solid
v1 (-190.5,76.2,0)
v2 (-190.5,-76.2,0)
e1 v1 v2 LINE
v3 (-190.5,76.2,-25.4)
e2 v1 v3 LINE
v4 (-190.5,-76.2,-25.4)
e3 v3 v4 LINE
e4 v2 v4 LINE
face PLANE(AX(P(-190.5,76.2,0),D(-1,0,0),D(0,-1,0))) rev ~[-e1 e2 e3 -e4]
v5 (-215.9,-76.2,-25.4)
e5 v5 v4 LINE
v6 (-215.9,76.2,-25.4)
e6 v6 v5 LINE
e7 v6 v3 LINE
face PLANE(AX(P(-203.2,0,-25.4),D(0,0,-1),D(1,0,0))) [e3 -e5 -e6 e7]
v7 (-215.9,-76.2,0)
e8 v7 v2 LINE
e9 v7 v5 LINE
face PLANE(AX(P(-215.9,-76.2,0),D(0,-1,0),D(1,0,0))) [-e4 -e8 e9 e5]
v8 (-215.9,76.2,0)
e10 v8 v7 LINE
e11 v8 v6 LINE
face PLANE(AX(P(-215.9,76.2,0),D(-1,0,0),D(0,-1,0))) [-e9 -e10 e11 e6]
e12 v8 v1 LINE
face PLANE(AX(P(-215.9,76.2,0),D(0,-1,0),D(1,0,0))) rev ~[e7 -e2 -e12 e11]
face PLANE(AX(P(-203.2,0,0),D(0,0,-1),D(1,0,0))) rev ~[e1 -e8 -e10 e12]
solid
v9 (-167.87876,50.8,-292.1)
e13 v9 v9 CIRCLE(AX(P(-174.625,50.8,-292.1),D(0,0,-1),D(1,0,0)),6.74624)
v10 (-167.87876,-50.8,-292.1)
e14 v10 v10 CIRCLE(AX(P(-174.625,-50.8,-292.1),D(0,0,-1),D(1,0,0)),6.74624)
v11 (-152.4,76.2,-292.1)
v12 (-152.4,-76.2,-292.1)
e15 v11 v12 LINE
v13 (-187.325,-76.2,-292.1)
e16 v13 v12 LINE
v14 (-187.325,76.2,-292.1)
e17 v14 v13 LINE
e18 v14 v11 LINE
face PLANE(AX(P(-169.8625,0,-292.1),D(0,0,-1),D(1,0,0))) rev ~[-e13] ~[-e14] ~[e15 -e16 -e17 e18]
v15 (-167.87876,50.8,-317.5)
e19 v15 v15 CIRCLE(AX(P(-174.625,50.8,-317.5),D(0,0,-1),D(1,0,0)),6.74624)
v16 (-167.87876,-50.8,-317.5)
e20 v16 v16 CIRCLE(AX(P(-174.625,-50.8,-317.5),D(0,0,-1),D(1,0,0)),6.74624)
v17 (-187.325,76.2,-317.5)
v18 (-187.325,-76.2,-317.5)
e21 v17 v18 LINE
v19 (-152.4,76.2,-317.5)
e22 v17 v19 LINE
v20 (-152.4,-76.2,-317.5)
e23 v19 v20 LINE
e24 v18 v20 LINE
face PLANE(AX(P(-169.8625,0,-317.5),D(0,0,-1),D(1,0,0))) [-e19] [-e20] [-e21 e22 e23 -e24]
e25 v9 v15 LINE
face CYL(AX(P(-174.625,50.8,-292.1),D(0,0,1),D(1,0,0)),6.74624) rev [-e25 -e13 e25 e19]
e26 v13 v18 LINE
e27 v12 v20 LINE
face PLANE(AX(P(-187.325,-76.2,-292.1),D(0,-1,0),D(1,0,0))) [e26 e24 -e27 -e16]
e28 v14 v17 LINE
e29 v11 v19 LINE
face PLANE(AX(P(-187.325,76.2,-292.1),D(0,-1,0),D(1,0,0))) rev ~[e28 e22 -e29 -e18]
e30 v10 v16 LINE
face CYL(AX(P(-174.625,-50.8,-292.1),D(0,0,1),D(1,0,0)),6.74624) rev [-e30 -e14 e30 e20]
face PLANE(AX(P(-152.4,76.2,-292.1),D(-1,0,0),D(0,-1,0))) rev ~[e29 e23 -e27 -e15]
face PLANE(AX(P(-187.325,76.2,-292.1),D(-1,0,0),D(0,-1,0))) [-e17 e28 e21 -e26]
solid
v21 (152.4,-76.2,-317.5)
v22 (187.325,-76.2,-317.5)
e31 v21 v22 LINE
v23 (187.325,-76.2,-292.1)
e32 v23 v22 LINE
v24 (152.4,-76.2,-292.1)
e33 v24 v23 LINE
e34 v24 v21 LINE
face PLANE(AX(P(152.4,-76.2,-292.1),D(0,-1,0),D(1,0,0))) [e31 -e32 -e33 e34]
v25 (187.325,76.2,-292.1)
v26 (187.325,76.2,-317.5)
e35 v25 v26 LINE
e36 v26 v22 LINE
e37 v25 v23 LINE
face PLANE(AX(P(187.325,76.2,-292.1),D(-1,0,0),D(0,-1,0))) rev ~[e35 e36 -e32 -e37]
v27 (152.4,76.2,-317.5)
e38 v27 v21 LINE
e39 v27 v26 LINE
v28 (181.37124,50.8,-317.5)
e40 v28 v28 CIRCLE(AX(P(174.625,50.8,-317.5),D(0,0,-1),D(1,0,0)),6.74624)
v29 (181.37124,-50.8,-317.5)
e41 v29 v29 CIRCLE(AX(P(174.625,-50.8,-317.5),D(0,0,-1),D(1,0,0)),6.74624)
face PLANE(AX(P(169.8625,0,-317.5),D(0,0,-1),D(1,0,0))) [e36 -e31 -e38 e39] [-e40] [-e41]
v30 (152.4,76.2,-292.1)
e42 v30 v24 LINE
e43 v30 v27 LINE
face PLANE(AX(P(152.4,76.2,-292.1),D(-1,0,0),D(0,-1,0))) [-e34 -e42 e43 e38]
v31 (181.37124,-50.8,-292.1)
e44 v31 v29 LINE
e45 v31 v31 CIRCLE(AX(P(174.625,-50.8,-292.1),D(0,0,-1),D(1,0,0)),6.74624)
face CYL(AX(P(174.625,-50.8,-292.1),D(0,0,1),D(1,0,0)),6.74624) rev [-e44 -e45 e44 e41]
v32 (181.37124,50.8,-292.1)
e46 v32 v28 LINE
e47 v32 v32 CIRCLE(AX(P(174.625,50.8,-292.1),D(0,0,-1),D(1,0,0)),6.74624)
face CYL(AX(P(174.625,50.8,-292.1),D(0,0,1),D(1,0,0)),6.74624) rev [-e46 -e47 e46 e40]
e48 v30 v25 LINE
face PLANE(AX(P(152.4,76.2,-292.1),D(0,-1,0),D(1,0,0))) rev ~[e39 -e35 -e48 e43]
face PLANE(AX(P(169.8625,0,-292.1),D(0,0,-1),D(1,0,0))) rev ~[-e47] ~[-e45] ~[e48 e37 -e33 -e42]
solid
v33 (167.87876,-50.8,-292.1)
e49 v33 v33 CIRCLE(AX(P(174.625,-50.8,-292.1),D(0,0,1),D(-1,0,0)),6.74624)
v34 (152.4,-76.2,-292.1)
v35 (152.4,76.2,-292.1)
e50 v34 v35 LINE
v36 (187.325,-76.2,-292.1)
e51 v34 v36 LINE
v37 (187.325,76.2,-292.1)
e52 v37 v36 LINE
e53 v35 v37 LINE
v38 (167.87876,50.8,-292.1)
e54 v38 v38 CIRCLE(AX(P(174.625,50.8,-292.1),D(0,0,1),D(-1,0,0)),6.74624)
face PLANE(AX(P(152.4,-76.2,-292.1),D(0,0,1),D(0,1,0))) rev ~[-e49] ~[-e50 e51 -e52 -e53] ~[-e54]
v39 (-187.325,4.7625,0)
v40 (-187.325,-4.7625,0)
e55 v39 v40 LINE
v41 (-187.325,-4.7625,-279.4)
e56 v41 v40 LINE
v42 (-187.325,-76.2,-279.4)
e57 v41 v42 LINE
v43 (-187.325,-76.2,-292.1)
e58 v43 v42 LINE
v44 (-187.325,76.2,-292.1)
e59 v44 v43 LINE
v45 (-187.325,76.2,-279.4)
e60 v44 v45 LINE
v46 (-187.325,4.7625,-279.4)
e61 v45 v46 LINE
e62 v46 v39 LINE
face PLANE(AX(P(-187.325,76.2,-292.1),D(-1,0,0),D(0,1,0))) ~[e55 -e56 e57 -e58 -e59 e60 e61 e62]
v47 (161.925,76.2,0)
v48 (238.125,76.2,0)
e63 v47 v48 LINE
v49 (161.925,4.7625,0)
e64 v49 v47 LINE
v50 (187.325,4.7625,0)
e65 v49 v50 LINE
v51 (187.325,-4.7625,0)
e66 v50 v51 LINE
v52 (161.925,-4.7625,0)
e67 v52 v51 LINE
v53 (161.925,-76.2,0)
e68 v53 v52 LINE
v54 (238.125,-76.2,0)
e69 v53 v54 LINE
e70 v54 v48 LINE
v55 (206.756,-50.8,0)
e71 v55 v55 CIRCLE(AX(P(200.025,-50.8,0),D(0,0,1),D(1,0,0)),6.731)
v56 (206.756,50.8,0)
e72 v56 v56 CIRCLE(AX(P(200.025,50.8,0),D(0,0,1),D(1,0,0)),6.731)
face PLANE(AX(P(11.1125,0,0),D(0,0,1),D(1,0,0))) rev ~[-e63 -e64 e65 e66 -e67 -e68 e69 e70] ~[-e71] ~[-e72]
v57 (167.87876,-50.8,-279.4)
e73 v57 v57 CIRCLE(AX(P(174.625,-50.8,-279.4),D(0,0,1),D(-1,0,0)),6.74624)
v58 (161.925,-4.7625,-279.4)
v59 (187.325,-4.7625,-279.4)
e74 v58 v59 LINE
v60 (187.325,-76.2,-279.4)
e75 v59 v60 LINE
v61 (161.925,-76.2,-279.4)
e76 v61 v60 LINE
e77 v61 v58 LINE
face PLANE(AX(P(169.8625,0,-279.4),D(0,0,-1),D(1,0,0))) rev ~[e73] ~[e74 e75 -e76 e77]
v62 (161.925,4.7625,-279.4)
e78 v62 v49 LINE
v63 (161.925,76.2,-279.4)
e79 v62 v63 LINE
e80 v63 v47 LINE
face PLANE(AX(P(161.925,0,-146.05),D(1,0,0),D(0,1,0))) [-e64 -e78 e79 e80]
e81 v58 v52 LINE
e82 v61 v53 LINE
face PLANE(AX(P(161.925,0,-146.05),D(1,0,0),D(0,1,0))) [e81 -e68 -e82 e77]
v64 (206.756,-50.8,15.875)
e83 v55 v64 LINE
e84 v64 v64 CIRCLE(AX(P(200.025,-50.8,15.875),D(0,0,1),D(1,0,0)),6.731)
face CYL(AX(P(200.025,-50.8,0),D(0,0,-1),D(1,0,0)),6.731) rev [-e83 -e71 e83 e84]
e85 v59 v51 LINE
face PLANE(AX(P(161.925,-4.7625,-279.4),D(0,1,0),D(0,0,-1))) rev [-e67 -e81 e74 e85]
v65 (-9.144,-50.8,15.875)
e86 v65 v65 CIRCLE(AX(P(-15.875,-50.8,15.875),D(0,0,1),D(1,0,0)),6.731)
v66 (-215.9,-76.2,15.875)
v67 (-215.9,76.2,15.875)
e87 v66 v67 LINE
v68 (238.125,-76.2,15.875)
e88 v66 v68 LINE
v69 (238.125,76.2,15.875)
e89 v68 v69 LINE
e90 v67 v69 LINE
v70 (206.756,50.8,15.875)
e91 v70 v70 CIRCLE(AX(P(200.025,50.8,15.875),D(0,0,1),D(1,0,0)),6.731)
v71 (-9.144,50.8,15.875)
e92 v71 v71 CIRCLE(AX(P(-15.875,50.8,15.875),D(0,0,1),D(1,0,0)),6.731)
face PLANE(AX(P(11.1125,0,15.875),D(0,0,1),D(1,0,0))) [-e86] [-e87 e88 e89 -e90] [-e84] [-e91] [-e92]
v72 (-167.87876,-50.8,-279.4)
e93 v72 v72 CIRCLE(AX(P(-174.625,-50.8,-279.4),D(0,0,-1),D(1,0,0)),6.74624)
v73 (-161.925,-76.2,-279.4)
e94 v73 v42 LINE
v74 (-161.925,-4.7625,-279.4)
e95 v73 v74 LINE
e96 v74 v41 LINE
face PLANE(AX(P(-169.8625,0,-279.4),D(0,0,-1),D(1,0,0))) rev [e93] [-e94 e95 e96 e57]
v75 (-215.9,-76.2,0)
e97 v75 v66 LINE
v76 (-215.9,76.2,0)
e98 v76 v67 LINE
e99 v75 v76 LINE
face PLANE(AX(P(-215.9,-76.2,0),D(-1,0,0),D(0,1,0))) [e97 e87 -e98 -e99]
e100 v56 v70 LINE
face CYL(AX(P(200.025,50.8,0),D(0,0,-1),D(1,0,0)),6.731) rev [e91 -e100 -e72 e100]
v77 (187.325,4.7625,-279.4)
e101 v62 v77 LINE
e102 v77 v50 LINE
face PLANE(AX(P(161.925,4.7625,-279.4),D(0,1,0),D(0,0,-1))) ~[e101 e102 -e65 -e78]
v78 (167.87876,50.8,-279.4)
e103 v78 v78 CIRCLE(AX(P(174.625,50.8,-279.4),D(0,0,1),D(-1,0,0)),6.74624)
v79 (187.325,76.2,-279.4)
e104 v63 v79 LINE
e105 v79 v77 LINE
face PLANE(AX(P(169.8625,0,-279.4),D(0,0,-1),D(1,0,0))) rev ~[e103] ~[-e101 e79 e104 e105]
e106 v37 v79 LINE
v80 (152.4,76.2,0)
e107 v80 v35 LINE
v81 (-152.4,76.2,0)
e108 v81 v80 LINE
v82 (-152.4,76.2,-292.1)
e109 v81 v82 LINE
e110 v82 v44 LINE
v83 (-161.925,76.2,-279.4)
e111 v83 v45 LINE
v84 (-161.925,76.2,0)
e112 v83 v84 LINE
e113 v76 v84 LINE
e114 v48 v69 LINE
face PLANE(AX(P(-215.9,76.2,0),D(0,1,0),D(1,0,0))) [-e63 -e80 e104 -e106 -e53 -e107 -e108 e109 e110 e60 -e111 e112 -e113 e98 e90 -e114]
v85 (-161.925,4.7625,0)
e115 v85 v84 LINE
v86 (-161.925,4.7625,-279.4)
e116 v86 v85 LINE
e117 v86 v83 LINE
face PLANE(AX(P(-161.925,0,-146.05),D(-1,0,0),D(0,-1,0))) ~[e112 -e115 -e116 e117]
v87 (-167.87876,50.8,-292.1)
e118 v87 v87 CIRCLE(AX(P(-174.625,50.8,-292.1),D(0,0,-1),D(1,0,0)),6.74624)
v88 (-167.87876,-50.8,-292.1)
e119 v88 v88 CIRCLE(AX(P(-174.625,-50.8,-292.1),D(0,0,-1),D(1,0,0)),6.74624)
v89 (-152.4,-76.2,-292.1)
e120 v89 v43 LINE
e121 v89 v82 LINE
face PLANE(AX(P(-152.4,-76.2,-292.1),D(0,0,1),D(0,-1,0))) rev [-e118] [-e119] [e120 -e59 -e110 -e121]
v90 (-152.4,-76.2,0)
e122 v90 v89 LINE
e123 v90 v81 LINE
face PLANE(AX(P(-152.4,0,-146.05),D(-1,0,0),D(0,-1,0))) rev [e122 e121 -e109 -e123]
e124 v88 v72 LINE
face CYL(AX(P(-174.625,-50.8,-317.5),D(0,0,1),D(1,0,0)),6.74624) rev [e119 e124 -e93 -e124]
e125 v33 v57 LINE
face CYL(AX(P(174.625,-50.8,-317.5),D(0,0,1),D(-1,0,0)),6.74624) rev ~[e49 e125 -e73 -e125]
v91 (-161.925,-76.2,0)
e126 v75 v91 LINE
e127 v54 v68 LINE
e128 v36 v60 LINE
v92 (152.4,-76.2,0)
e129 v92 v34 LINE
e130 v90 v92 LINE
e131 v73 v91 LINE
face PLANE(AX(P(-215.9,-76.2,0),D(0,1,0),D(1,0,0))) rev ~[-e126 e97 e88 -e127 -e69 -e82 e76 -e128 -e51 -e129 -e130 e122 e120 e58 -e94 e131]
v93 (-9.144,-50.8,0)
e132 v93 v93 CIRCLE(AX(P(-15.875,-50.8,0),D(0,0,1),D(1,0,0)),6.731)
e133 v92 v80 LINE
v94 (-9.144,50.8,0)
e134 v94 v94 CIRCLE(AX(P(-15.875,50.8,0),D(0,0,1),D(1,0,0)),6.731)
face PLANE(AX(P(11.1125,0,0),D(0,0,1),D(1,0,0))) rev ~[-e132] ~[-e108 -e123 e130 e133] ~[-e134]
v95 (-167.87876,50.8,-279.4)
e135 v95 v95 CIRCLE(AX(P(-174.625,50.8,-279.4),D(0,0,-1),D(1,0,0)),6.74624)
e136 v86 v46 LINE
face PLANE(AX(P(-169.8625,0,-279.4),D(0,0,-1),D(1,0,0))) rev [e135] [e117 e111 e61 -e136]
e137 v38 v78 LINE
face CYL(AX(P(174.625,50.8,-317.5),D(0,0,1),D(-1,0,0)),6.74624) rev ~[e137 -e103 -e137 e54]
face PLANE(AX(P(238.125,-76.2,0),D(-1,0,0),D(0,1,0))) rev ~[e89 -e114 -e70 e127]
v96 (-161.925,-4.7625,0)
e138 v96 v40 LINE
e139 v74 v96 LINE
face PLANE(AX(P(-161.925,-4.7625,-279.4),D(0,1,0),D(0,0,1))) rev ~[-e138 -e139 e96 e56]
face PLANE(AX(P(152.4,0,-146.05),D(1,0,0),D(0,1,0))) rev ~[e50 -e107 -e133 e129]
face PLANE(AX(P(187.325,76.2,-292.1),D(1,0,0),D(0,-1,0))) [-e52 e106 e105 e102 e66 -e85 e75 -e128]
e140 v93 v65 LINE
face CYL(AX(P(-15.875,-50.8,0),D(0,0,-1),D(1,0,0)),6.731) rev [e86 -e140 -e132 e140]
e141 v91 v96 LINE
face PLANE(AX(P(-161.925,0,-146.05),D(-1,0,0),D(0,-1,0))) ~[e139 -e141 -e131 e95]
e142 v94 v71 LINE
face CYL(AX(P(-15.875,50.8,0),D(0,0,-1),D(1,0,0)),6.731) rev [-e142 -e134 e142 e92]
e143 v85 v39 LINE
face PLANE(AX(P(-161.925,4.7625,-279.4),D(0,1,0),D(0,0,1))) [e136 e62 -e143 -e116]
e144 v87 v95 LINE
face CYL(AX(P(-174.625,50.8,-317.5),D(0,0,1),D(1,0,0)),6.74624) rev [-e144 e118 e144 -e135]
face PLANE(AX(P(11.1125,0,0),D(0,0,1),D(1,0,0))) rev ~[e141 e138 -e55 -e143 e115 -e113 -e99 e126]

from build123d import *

# Parameters (mm, degrees)
F0_W      = 454.025
F0_H      = 152.4
F0_R      = 6.731
F1_DEPTH  = 15.875
F2_W      = 25.4
F2_H      = 152.4
F3_DEPTH  = 25.4
F6_W      = 152.4
F6_H      = 292.1
F7_DEPTH  = 9.525
F8_W      = 34.925
F8_H      = 152.4
F9_DEPTH  = 12.7
F11_D     = 13.49248
F11_DEPTH = 25.4
F11_TIP   = 4.0535499425
F13_W     = 9.525
F13_H     = 279.4
F14_DEPTH = 25.4
F16_W     = 34.925
F16_H     = 152.4
F16_R     = 6.74624
F17_DEPTH = 25.4


with BuildPart() as f1:
    # F0 (on Top) → F1 (new body)
    with BuildSketch(Plane.XY):
        with Locations((11.1125, 0)):
            Rectangle(F0_W, F0_H)
        with Locations((-15.875, -50.8)):
            Circle(F0_R, mode=Mode.SUBTRACT)
        with Locations((200.025, -50.8)):
            Circle(F0_R, mode=Mode.SUBTRACT)
        with Locations((-15.875, 50.8)):
            Circle(F0_R, mode=Mode.SUBTRACT)
        with Locations((200.025, 50.8)):
            Circle(F0_R, mode=Mode.SUBTRACT)
    extrude(amount=F1_DEPTH)

    # F12: F7 across plane


with BuildPart() as f3:
    # F2 (on face) → F3 (new body)
    with BuildSketch(Plane(origin=(0, 0, 0), x_dir=(1, 0, 0), z_dir=(0, 0, -1))):
        with Locations((-203.2, 0)):
            Rectangle(F2_W, F2_H)
    extrude(amount=F3_DEPTH)


with BuildPart() as f7:
    # F6 (on offset) → F7 (new body)
    with BuildSketch(Plane.YZ.offset(152.4)):
        with Locations((0, -146.05)):
            Rectangle(F6_W, F6_H)
    extrude(amount=F7_DEPTH)

    # F8 (on offset) → F9 (join)
    with BuildSketch(Plane(origin=(0, 0, -292.1), x_dir=(1, 0, 0), z_dir=(0, 0, -1))):
        with Locations((169.8625, 0)):
            Rectangle(F8_W, F8_H)
    extrude(amount=-F9_DEPTH)

    # F11
    with Locations(Plane(origin=(0, 0, -292.1), x_dir=(1, 0, 0), z_dir=(0, 0, -1))):
        with Locations((174.625, 50.8), (174.625, -50.8)):
            Hole(F11_D / 2, depth=F11_DEPTH)
            with Locations((0, 0, -(F11_DEPTH + F11_TIP / 2))):  # 118° drill point
                Cone(0, F11_D / 2, F11_TIP, mode=Mode.SUBTRACT)


with BuildPart() as f1_1:
    add(f1.part)
    add(f7.part.mirror(Plane.YZ))



with BuildPart() as f14:
    # F13 (on face) → F14 (new body)
    with BuildSketch(Plane(origin=(-161.925, 0, 0), x_dir=(0, -1, 0), z_dir=(-1, 0, 0))):
        with Locations((0, -139.7)):
            Rectangle(F13_W, F13_H)
    extrude(amount=F14_DEPTH)


with BuildPart() as f1_2:
    add(f1_1.part)

    add(f7.part)  # F15 merges F7

    add(f14.part)  # F15 merges F14
    # F15: F14 across plane
    add(f14.part.mirror(Plane.YZ))


with BuildPart() as f17:
    # F16 (on face) → F17 (new body)
    with BuildSketch(Plane(origin=(0, 0, -292.1), x_dir=(1, 0, 0), z_dir=(0, 0, -1))):
        with Locations((-169.8625, 0)):
            Rectangle(F16_W, F16_H)
        with Locations((-174.625, -50.8)):
            Circle(F16_R, mode=Mode.SUBTRACT)
        with Locations((-174.625, 50.8)):
            Circle(F16_R, mode=Mode.SUBTRACT)
    extrude(amount=F17_DEPTH)


with BuildPart() as f17b:
    # F16 (on face) → F17, piece 2 (new body)
    with BuildSketch(Plane(origin=(0, 0, -292.1), x_dir=(1, 0, 0), z_dir=(0, 0, -1))):
        with Locations((169.8625, 0)):
            Rectangle(F16_W, F16_H)
        with Locations((174.625, -50.8)):
            Circle(F16_R, mode=Mode.SUBTRACT)
        with Locations((174.625, 50.8)):
            Circle(F16_R, mode=Mode.SUBTRACT)
    extrude(amount=F17_DEPTH)


solid = Compound([f3.part, f1_2.part, f17.part, f17b.part])
